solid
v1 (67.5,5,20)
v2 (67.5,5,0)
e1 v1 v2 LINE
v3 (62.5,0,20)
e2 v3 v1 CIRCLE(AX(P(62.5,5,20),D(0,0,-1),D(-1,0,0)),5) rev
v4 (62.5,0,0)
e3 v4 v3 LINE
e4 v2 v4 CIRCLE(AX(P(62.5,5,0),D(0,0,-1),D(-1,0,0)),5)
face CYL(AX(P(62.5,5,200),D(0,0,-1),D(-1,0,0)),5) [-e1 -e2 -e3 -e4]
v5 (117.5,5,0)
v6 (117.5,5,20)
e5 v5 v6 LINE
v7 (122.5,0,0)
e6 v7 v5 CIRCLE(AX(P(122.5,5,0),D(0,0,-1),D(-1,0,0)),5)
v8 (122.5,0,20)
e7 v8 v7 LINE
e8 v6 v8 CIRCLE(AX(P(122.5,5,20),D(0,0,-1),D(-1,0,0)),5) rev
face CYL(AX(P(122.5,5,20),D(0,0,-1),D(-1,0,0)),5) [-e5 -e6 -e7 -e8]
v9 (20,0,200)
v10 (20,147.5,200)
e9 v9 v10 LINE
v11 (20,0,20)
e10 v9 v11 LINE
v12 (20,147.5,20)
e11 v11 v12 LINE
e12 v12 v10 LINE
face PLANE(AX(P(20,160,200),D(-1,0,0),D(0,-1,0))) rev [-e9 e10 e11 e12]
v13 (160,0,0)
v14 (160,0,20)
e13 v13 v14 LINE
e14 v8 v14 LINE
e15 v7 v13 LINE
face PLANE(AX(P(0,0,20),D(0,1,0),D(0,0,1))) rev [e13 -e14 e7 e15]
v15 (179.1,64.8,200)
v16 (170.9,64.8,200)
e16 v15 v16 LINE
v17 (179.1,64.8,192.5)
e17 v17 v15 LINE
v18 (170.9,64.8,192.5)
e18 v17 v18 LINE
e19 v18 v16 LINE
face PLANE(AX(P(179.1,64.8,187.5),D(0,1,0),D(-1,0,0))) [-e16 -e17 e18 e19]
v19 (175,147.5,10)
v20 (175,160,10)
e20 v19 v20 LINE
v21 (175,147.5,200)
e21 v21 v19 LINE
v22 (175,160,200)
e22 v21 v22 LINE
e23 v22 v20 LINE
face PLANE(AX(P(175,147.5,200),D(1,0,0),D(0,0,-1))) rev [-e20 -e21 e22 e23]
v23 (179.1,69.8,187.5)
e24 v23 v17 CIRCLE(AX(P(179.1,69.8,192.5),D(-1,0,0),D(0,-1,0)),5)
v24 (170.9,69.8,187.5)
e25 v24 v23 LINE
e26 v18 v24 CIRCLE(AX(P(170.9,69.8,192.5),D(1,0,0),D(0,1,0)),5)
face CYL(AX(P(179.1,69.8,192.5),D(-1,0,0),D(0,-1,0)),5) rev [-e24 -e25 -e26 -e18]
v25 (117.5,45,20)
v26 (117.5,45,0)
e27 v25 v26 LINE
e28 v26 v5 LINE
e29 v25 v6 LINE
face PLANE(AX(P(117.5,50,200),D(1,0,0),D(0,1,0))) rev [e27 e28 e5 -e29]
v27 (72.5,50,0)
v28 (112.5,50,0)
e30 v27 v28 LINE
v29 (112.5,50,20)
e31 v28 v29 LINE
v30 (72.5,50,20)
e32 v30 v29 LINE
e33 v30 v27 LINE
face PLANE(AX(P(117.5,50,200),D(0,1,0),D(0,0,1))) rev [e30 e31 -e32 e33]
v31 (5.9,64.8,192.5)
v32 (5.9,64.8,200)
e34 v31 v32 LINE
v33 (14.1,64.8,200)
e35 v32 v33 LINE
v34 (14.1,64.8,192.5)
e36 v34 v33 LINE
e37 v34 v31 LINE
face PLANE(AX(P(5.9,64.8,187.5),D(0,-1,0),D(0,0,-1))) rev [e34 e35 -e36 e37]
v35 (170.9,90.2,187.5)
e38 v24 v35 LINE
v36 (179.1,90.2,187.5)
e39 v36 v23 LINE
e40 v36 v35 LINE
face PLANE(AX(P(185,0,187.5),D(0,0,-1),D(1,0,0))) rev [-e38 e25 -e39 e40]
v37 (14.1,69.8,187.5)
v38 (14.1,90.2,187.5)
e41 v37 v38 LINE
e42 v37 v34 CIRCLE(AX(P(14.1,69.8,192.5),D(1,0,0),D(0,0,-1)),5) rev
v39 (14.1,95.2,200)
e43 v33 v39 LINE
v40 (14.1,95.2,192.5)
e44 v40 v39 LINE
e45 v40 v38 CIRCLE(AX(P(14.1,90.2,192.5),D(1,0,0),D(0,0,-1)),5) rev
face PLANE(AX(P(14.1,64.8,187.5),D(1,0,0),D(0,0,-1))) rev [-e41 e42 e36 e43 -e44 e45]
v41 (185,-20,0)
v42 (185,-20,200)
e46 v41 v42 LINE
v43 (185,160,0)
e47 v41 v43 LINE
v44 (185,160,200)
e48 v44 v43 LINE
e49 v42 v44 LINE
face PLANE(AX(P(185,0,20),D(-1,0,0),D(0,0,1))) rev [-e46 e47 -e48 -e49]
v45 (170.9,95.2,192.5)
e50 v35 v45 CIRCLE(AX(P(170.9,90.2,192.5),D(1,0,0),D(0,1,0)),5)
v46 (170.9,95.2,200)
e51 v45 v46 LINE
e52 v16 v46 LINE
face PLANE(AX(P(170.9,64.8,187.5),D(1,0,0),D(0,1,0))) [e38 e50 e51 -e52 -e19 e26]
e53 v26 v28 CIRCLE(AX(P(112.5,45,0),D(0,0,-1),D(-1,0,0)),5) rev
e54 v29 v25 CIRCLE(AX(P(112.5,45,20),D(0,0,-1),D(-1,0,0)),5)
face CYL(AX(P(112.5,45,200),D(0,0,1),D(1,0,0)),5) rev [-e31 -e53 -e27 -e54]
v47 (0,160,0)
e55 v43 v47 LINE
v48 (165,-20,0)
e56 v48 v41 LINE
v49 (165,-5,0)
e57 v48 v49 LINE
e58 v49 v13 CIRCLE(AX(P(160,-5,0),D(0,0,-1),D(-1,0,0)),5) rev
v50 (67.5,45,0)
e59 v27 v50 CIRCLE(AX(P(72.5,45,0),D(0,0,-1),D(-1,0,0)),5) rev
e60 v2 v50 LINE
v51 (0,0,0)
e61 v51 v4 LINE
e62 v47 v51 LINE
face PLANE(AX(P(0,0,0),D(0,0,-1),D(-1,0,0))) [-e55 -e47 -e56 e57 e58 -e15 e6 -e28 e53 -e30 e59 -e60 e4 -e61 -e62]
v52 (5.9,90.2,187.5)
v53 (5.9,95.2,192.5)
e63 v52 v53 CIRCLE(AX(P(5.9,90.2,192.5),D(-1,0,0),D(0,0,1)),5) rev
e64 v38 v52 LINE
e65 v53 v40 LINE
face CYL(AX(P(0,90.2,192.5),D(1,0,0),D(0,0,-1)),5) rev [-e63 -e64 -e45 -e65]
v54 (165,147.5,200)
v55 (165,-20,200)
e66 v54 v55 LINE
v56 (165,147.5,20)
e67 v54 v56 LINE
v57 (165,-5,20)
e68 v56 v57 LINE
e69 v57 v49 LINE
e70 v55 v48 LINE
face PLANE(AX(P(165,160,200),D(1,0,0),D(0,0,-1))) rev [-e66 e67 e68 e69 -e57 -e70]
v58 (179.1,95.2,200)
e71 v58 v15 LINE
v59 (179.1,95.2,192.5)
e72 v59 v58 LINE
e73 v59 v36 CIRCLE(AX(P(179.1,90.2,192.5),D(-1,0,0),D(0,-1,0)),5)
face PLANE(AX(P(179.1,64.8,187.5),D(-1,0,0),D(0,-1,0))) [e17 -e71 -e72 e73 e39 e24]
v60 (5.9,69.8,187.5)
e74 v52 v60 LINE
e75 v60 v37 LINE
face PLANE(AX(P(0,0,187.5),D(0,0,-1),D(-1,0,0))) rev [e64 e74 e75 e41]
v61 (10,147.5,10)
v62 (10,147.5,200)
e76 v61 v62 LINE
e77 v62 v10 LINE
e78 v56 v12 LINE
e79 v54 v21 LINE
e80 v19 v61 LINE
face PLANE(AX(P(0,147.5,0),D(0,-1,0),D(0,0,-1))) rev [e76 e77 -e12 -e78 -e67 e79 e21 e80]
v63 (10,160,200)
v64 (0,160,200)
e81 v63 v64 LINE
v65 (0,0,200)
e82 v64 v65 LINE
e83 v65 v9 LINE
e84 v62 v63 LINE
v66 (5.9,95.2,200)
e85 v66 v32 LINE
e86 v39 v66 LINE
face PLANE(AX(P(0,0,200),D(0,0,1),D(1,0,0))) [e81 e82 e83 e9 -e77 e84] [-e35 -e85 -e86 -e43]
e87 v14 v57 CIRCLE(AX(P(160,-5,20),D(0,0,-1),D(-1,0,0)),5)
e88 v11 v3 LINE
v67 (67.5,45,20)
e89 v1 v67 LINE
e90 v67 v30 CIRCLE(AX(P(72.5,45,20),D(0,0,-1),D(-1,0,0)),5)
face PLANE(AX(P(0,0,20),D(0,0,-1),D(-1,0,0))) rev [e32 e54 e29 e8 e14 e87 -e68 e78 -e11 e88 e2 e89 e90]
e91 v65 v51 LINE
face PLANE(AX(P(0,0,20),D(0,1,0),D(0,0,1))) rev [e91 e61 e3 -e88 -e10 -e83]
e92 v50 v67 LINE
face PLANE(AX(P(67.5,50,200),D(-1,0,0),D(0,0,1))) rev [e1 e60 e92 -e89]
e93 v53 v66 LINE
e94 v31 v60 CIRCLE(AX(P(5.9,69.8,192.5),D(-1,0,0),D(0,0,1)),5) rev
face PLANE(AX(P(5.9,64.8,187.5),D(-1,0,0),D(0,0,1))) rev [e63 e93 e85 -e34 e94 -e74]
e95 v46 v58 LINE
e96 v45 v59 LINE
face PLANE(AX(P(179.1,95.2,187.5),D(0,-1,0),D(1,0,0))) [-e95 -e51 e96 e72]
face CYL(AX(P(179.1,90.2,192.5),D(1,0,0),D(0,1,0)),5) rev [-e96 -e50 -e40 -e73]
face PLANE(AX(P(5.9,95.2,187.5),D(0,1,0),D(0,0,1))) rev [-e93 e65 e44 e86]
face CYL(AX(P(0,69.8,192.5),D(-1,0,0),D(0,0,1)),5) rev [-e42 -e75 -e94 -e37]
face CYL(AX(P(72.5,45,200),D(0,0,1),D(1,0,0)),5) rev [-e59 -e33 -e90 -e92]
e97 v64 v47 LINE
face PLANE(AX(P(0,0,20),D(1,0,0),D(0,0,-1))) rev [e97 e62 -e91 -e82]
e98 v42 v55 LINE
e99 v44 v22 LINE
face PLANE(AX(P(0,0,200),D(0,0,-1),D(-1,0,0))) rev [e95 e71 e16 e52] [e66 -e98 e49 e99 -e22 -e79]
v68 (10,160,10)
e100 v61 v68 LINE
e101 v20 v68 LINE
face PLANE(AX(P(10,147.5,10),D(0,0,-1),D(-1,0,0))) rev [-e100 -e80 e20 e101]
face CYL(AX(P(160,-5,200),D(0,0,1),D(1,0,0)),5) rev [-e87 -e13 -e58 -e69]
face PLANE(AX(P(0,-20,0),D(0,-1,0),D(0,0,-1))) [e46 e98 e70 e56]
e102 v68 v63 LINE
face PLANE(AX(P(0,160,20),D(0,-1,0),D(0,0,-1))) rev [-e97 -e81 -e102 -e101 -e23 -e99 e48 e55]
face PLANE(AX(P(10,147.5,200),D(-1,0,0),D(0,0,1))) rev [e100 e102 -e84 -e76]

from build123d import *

# Parameters (mm, degrees)
SKETCH1_W            = 185
SKETCH1_H            = 160
BOSS_EXTRUDE1_DEPTH  = 20
SKETCH2_W            = 20
SKETCH2_H            = 160
BOSS_EXTRUDE2_DEPTH  = 180
SKETCH4_W            = 50
SKETCH4_H            = 50
CUT_EXTRUDE1_DEPTH   = 201
SKETCH3_W            = 20
SKETCH3_H            = 200
BOSS_EXTRUDE3_DEPTH  = 20
FILLET1_R            = 5
SKETCH6_W            = 8.2
SKETCH6_H            = 30.4
CUT_EXTRUDE2_DEPTH   = 12.5
FILLET2_R            = 5
FILLET2_OF_MIRROR1_R = 5
SKETCH7_W            = 165
SKETCH7_H            = 190
CUT_EXTRUDE3_DEPTH   = 12.5


with BuildPart() as part:
    # Sketch1 → Boss-Extrude1 (new body)
    with BuildSketch(Plane.XY):
        with Locations((92.5, 80)):
            Rectangle(SKETCH1_W, SKETCH1_H)
    extrude(amount=BOSS_EXTRUDE1_DEPTH)

    # Sketch2 → Boss-Extrude2 (add)
    with BuildSketch(Plane.XY.offset(20)):
        with Locations((10, 80)):
            Rectangle(SKETCH2_W, SKETCH2_H)
        with Locations((175, 80)):
            Rectangle(SKETCH2_W, SKETCH2_H)
    extrude(amount=BOSS_EXTRUDE2_DEPTH)

    # Sketch4 → Cut-Extrude1 (cut, through all)
    with BuildSketch(Plane(origin=(0, 0, 0), x_dir=(-1, 0, 0), z_dir=(0, 0, -1))):
        with Locations((-92.5, 25)):
            Rectangle(SKETCH4_W, SKETCH4_H)
    extrude(amount=-CUT_EXTRUDE1_DEPTH, mode=Mode.SUBTRACT)

    # Sketch3 → Boss-Extrude3 (add)
    with BuildSketch(Plane.XZ):
        with Locations((175, 100)):
            Rectangle(SKETCH3_W, SKETCH3_H)
    extrude(amount=BOSS_EXTRUDE3_DEPTH)

    # Fillet1
    fillet1_edges = [part.edges().sort_by_distance(p)[0] for p in [
        (67.5, 50, 10),
        (67.5, 0, 10),
        (117.5, 0, 10),
        (117.5, 50, 10),
        (165, 0, 10),
    ]]
    fillet(fillet1_edges, radius=FILLET1_R)

    # Sketch6 → Cut-Extrude2 (cut)
    with BuildSketch(Plane.XY.offset(200)):
        with Locations((10, 80)):
            Rectangle(SKETCH6_W, SKETCH6_H)
    cut_extrude2 = extrude(amount=-CUT_EXTRUDE2_DEPTH, mode=Mode.SUBTRACT)

    # Fillet2
    fillet2_edges = [part.edges().sort_by_distance(p)[0] for p in [
        (10, 64.8, 187.5),
        (10, 95.2, 187.5),
    ]]
    fillet(fillet2_edges, radius=FILLET2_R)

    # Mirror1: Cut-Extrude2 across plane
    add(cut_extrude2.mirror(Plane(origin=(92.5, 0, 0), x_dir=(0, 0, 1), z_dir=(1, 0, 0))), mode=Mode.SUBTRACT)

    # Fillet2 of Mirror1
    fillet2_of_mirror1_edges = [part.edges().sort_by_distance(p)[0] for p in [
        (175, 64.8, 187.5),
        (175, 95.2, 187.5),
    ]]
    fillet(fillet2_of_mirror1_edges, radius=FILLET2_OF_MIRROR1_R)

    # Sketch7 → Cut-Extrude3 (cut)
    with BuildSketch(Plane(origin=(0, 160, 0), x_dir=(1, 0, 0), z_dir=(0, 1, 0))):
        with Locations((92.5, -105)):
            Rectangle(SKETCH7_W, SKETCH7_H)
    extrude(amount=-CUT_EXTRUDE3_DEPTH, mode=Mode.SUBTRACT)


solid = part.part
